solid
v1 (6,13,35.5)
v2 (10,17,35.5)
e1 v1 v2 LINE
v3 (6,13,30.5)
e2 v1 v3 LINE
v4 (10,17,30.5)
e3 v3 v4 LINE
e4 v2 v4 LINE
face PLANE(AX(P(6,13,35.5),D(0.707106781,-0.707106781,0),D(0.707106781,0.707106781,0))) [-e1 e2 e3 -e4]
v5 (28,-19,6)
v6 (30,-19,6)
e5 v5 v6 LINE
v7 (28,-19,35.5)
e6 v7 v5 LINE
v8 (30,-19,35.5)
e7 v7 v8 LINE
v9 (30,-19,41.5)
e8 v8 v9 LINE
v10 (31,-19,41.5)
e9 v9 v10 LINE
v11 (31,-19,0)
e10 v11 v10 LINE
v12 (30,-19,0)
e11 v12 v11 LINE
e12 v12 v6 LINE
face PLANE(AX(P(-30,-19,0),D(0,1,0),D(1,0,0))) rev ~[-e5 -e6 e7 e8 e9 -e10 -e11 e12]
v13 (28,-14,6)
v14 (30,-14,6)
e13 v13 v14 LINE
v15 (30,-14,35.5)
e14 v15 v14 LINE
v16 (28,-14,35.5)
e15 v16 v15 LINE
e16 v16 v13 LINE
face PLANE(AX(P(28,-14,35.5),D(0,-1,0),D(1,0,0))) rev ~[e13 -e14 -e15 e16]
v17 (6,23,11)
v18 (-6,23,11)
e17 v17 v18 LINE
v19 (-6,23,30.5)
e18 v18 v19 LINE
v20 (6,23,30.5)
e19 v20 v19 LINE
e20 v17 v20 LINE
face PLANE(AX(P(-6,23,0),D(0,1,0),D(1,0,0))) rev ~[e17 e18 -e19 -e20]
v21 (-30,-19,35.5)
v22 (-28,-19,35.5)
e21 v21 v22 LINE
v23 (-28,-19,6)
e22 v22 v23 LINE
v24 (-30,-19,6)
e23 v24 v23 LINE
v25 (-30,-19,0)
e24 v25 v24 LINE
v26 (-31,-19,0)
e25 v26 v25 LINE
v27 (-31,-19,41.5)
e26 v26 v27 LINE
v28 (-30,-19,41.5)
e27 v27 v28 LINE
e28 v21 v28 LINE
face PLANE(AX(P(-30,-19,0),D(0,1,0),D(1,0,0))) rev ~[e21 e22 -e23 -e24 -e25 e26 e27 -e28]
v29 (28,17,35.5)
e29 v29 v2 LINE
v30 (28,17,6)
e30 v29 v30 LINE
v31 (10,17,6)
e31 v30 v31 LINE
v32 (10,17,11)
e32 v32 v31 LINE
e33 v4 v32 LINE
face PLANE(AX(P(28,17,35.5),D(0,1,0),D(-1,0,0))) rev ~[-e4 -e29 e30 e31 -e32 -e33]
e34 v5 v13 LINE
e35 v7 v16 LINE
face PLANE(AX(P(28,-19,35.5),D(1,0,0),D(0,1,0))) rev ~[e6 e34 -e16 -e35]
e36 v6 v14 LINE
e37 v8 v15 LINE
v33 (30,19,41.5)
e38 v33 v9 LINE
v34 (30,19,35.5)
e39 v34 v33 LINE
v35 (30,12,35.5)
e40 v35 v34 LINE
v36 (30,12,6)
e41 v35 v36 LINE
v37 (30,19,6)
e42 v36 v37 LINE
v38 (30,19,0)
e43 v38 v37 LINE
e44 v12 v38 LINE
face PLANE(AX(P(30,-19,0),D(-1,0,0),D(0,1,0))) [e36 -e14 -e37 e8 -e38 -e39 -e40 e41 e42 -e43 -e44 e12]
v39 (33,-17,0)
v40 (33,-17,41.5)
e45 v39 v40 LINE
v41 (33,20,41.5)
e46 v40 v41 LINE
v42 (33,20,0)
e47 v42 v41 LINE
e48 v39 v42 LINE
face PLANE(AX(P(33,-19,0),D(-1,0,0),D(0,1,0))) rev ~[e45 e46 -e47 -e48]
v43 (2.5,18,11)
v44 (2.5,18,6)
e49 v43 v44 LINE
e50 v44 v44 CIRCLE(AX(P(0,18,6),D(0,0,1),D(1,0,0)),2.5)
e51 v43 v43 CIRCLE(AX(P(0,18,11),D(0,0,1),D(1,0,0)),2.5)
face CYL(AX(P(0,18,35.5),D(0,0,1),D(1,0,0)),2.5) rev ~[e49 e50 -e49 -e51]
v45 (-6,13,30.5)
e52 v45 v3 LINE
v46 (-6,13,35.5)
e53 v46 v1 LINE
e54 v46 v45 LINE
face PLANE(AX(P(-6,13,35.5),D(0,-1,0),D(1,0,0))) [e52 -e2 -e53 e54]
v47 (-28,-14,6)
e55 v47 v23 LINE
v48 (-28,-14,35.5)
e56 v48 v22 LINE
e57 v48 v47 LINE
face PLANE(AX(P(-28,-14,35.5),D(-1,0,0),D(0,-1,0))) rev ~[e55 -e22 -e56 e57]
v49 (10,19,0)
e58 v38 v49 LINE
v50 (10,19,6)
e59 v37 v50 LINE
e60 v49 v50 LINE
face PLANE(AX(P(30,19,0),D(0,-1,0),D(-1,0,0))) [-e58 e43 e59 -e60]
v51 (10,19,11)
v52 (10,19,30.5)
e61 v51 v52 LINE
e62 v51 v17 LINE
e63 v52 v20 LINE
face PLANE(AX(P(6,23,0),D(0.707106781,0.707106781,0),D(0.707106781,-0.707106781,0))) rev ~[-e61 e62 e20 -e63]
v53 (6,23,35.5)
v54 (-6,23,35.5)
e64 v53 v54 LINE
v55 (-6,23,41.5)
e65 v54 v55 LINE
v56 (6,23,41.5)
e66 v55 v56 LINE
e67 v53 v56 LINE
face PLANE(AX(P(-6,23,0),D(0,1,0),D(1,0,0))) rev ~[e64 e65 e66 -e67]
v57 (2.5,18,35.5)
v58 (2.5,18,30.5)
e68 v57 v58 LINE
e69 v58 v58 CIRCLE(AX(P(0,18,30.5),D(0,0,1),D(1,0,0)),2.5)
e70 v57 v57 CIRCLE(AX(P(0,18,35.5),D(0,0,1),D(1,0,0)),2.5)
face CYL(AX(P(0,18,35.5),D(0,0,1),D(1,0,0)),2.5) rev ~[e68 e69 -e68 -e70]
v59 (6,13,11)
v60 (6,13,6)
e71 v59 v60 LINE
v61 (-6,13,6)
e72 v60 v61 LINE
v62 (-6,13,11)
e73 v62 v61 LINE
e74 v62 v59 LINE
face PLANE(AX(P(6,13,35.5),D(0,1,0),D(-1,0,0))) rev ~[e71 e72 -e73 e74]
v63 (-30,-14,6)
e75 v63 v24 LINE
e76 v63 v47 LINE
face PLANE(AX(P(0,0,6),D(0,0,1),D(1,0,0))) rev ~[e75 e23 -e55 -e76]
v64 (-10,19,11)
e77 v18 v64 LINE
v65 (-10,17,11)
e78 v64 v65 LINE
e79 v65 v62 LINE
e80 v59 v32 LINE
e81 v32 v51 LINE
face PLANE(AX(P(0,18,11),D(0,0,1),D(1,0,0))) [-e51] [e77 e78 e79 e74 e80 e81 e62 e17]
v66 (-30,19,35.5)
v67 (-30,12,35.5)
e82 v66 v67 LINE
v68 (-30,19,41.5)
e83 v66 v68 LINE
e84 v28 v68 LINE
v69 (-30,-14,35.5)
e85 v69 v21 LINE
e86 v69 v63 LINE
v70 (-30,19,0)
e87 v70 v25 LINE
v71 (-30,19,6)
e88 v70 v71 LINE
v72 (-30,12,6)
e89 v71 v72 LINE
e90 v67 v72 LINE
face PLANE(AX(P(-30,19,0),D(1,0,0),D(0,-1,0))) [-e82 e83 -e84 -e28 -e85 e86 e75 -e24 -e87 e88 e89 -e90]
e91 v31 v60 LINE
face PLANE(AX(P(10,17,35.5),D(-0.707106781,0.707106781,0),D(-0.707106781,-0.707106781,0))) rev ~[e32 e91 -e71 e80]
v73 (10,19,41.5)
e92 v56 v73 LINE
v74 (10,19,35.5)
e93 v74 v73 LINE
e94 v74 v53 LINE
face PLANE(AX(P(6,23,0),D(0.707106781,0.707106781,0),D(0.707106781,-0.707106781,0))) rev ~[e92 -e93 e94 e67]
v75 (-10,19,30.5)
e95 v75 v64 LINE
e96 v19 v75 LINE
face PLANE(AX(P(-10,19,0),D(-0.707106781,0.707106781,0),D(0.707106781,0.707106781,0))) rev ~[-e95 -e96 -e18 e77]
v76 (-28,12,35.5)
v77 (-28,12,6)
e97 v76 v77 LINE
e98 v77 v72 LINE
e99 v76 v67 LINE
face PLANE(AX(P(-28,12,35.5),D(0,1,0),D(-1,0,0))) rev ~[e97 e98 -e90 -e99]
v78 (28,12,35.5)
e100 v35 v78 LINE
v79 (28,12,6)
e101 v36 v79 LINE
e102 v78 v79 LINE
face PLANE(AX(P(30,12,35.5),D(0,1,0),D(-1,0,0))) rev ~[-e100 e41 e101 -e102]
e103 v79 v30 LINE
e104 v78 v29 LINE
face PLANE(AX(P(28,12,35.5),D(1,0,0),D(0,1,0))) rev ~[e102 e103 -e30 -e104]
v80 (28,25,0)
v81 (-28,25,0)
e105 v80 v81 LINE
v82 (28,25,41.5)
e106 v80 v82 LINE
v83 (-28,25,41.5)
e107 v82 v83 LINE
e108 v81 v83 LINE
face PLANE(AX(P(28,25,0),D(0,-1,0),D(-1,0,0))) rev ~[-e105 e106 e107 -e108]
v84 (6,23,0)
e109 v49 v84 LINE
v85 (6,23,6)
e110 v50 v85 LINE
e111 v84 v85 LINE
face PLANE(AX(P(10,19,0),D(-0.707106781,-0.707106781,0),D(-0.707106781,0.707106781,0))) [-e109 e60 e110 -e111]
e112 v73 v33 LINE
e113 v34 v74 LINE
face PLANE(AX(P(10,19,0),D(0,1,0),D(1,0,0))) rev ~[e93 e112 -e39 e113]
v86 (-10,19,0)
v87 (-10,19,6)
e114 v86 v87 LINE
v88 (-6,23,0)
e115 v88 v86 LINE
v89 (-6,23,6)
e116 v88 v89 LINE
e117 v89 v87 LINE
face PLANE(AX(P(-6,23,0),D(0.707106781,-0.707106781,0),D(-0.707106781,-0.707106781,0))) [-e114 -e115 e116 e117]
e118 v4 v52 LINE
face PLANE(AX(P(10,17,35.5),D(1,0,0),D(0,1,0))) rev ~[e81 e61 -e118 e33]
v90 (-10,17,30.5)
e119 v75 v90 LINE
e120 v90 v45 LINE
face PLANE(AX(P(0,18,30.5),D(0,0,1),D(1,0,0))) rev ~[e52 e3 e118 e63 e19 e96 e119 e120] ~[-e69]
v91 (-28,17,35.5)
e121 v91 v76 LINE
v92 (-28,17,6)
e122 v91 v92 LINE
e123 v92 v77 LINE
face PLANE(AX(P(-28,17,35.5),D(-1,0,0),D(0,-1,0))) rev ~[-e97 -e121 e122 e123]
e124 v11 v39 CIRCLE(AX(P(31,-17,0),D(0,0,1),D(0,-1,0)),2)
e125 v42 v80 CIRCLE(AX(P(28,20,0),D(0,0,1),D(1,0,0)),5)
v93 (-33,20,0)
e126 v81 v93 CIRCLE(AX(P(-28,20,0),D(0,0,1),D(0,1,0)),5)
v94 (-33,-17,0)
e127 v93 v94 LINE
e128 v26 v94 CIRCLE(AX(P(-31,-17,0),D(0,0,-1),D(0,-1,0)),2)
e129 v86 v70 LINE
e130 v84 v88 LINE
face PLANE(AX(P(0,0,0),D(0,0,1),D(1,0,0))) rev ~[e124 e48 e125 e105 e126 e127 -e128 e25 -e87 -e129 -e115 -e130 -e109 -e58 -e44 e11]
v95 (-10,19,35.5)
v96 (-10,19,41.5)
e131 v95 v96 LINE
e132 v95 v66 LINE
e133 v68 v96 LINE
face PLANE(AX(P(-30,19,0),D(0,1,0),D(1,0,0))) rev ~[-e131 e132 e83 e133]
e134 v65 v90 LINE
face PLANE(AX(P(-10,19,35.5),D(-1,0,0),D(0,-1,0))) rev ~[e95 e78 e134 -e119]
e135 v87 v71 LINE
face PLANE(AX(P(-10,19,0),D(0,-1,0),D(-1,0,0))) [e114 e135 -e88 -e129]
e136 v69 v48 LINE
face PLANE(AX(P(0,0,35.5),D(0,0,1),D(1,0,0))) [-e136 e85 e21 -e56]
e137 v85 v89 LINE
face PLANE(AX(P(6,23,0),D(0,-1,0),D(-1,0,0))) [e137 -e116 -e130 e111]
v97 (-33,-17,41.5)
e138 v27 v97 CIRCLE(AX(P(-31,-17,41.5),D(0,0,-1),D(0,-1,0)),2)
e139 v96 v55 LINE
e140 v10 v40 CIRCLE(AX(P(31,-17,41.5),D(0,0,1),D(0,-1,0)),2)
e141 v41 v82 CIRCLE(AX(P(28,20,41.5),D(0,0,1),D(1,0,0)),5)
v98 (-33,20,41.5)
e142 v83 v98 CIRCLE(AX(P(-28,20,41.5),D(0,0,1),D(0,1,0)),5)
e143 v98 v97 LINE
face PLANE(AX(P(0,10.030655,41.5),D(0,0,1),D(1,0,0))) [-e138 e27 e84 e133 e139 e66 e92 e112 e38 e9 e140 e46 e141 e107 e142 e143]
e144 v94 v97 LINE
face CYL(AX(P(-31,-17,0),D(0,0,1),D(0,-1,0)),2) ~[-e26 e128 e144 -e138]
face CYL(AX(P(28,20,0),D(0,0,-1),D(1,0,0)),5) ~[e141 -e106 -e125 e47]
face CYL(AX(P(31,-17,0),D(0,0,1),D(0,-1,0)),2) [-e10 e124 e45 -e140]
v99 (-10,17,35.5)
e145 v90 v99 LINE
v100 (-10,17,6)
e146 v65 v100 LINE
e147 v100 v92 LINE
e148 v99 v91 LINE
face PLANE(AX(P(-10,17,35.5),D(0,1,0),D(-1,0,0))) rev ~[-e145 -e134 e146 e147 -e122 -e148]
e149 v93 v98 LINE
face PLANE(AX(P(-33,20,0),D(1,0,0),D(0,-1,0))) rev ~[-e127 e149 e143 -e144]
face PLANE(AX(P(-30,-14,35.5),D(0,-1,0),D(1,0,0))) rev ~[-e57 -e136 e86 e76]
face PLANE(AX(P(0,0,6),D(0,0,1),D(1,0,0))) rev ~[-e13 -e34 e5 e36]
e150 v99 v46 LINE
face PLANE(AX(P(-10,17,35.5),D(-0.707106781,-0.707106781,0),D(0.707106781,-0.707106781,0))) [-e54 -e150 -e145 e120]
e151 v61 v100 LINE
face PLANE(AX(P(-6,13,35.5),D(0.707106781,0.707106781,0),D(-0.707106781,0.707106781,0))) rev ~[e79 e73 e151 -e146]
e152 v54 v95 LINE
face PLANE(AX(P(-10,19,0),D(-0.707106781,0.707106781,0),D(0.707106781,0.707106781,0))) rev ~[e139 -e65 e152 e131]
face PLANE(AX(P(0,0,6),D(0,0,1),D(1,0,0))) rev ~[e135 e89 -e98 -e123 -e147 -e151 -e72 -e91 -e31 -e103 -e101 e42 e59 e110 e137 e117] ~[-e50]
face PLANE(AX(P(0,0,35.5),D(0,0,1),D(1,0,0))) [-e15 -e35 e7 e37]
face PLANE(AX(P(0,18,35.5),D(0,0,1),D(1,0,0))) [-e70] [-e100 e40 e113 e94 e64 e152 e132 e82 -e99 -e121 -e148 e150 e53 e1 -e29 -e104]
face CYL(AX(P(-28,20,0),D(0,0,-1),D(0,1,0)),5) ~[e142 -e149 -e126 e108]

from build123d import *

# Parameters (mm, degrees)
F1_DEPTH  = 41.5
F2_DEPTH  = 35.5
F3_DEPTH  = 6
F5_DEPTH  = 50
F6_R      = 2.5
F7_DEPTH  = 5
F8_DEPTH  = 19.5
F9_DEPTH  = 5
F10_DEPTH = 50
F11_R     = 2


with BuildPart() as f1:
    # F0 (on Top) → F1 (new body)
    with BuildSketch(Plane.XY):
        with BuildLine():
            Line((30, 19), (30, -19))
            Line((30, -19), (33, -19))
            Line((33, -19), (33, 19))
            Line((33, 19), (33, 20))
            ThreePointArc((33, 20), (31.5355339059, 23.5355339059), (28, 25))
            Line((28, 25), (-28, 25))
            ThreePointArc((-28, 25), (-31.5355339059, 23.5355339059), (-33, 20))
            Line((-33, 20), (-33, 19))
            Line((-33, 19), (-33, -19))
            Line((-33, -19), (-30, -19))
            Line((-30, -19), (-30, 19))
            Line((-30, 19), (-10, 19))
            Line((-10, 19), (-6, 23))
            Line((-6, 23), (6, 23))
            Line((6, 23), (10, 19))
            Line((10, 19), (30, 19))
        make_face()
    extrude(amount=F1_DEPTH)

    # F0 (on Top) → F2 (join)
    with BuildSketch(Plane.XY):
        Polygon((-30, -19), (30, -19), (30, 19), (10, 19), (-10, 19), (-30, 19), align=None)
        Polygon((-10, 19), (10, 19), (6, 23), (-6, 23), align=None)
    extrude(amount=F2_DEPTH)

    # F0 (on Top) → F3 (cut)
    with BuildSketch(Plane.XY):
        Polygon((-30, -19), (30, -19), (30, 19), (10, 19), (-10, 19), (-30, 19), align=None)
        Polygon((-10, 19), (10, 19), (6, 23), (-6, 23), align=None)
    extrude(amount=F3_DEPTH, mode=Mode.SUBTRACT)

    # F4 (on face) → F5 (cut)
    with BuildSketch(Plane.XY.offset(35.5)):
        Polygon((6, 13), (-6, 13), (-10, 17), (-28, 17), (-28, 12), (-30, 12), (-30, -14), (-28, -14), (-28, -19), (28, -19), (28, -14), (30, -14), (30, 12), (28, 12), (28, 17), (10, 17), align=None)
    extrude(amount=-F5_DEPTH, mode=Mode.SUBTRACT)

    # F6 (on face) → F7 (cut)
    with BuildSketch(Plane.XY.offset(35.5)):
        Polygon((-6, 23), (-10, 19), (-10, 17), (-6, 13), (6, 13), (10, 17), (10, 19), (6, 23), align=None)
        with Locations((0, 18)):
            Circle(F6_R, mode=Mode.SUBTRACT)
    extrude(amount=-F7_DEPTH, mode=Mode.SUBTRACT)

    # F8 (cut): a face of the model
    f8_faces = [f1.faces().sort_by_distance(p)[0] for p in [
        (-7.841886117, 20.841886117, 30.5),
    ]]
    extrude(f8_faces, amount=-F8_DEPTH, mode=Mode.SUBTRACT)

    # F6 (on face) → F9 (join)
    with BuildSketch(Plane.XY.offset(35.5)):
        Polygon((-6, 23), (-10, 19), (-10, 17), (-6, 13), (6, 13), (10, 17), (10, 19), (6, 23), align=None)
        with Locations((0, 18)):
            Circle(F6_R, mode=Mode.SUBTRACT)
    extrude(amount=-F9_DEPTH)

    # F6 (on face) → F10 (cut)
    with BuildSketch(Plane.XY.offset(35.5)):
        with Locations((0, 18)):
            Circle(F6_R)
    extrude(amount=-F10_DEPTH, mode=Mode.SUBTRACT)

    # F11
    f11_edges = [f1.edges().sort_by_distance(p)[0] for p in [
        (-33, -19, 20.75),
        (33, -19, 20.75),
    ]]
    fillet(f11_edges, radius=F11_R)


solid = f1.part
